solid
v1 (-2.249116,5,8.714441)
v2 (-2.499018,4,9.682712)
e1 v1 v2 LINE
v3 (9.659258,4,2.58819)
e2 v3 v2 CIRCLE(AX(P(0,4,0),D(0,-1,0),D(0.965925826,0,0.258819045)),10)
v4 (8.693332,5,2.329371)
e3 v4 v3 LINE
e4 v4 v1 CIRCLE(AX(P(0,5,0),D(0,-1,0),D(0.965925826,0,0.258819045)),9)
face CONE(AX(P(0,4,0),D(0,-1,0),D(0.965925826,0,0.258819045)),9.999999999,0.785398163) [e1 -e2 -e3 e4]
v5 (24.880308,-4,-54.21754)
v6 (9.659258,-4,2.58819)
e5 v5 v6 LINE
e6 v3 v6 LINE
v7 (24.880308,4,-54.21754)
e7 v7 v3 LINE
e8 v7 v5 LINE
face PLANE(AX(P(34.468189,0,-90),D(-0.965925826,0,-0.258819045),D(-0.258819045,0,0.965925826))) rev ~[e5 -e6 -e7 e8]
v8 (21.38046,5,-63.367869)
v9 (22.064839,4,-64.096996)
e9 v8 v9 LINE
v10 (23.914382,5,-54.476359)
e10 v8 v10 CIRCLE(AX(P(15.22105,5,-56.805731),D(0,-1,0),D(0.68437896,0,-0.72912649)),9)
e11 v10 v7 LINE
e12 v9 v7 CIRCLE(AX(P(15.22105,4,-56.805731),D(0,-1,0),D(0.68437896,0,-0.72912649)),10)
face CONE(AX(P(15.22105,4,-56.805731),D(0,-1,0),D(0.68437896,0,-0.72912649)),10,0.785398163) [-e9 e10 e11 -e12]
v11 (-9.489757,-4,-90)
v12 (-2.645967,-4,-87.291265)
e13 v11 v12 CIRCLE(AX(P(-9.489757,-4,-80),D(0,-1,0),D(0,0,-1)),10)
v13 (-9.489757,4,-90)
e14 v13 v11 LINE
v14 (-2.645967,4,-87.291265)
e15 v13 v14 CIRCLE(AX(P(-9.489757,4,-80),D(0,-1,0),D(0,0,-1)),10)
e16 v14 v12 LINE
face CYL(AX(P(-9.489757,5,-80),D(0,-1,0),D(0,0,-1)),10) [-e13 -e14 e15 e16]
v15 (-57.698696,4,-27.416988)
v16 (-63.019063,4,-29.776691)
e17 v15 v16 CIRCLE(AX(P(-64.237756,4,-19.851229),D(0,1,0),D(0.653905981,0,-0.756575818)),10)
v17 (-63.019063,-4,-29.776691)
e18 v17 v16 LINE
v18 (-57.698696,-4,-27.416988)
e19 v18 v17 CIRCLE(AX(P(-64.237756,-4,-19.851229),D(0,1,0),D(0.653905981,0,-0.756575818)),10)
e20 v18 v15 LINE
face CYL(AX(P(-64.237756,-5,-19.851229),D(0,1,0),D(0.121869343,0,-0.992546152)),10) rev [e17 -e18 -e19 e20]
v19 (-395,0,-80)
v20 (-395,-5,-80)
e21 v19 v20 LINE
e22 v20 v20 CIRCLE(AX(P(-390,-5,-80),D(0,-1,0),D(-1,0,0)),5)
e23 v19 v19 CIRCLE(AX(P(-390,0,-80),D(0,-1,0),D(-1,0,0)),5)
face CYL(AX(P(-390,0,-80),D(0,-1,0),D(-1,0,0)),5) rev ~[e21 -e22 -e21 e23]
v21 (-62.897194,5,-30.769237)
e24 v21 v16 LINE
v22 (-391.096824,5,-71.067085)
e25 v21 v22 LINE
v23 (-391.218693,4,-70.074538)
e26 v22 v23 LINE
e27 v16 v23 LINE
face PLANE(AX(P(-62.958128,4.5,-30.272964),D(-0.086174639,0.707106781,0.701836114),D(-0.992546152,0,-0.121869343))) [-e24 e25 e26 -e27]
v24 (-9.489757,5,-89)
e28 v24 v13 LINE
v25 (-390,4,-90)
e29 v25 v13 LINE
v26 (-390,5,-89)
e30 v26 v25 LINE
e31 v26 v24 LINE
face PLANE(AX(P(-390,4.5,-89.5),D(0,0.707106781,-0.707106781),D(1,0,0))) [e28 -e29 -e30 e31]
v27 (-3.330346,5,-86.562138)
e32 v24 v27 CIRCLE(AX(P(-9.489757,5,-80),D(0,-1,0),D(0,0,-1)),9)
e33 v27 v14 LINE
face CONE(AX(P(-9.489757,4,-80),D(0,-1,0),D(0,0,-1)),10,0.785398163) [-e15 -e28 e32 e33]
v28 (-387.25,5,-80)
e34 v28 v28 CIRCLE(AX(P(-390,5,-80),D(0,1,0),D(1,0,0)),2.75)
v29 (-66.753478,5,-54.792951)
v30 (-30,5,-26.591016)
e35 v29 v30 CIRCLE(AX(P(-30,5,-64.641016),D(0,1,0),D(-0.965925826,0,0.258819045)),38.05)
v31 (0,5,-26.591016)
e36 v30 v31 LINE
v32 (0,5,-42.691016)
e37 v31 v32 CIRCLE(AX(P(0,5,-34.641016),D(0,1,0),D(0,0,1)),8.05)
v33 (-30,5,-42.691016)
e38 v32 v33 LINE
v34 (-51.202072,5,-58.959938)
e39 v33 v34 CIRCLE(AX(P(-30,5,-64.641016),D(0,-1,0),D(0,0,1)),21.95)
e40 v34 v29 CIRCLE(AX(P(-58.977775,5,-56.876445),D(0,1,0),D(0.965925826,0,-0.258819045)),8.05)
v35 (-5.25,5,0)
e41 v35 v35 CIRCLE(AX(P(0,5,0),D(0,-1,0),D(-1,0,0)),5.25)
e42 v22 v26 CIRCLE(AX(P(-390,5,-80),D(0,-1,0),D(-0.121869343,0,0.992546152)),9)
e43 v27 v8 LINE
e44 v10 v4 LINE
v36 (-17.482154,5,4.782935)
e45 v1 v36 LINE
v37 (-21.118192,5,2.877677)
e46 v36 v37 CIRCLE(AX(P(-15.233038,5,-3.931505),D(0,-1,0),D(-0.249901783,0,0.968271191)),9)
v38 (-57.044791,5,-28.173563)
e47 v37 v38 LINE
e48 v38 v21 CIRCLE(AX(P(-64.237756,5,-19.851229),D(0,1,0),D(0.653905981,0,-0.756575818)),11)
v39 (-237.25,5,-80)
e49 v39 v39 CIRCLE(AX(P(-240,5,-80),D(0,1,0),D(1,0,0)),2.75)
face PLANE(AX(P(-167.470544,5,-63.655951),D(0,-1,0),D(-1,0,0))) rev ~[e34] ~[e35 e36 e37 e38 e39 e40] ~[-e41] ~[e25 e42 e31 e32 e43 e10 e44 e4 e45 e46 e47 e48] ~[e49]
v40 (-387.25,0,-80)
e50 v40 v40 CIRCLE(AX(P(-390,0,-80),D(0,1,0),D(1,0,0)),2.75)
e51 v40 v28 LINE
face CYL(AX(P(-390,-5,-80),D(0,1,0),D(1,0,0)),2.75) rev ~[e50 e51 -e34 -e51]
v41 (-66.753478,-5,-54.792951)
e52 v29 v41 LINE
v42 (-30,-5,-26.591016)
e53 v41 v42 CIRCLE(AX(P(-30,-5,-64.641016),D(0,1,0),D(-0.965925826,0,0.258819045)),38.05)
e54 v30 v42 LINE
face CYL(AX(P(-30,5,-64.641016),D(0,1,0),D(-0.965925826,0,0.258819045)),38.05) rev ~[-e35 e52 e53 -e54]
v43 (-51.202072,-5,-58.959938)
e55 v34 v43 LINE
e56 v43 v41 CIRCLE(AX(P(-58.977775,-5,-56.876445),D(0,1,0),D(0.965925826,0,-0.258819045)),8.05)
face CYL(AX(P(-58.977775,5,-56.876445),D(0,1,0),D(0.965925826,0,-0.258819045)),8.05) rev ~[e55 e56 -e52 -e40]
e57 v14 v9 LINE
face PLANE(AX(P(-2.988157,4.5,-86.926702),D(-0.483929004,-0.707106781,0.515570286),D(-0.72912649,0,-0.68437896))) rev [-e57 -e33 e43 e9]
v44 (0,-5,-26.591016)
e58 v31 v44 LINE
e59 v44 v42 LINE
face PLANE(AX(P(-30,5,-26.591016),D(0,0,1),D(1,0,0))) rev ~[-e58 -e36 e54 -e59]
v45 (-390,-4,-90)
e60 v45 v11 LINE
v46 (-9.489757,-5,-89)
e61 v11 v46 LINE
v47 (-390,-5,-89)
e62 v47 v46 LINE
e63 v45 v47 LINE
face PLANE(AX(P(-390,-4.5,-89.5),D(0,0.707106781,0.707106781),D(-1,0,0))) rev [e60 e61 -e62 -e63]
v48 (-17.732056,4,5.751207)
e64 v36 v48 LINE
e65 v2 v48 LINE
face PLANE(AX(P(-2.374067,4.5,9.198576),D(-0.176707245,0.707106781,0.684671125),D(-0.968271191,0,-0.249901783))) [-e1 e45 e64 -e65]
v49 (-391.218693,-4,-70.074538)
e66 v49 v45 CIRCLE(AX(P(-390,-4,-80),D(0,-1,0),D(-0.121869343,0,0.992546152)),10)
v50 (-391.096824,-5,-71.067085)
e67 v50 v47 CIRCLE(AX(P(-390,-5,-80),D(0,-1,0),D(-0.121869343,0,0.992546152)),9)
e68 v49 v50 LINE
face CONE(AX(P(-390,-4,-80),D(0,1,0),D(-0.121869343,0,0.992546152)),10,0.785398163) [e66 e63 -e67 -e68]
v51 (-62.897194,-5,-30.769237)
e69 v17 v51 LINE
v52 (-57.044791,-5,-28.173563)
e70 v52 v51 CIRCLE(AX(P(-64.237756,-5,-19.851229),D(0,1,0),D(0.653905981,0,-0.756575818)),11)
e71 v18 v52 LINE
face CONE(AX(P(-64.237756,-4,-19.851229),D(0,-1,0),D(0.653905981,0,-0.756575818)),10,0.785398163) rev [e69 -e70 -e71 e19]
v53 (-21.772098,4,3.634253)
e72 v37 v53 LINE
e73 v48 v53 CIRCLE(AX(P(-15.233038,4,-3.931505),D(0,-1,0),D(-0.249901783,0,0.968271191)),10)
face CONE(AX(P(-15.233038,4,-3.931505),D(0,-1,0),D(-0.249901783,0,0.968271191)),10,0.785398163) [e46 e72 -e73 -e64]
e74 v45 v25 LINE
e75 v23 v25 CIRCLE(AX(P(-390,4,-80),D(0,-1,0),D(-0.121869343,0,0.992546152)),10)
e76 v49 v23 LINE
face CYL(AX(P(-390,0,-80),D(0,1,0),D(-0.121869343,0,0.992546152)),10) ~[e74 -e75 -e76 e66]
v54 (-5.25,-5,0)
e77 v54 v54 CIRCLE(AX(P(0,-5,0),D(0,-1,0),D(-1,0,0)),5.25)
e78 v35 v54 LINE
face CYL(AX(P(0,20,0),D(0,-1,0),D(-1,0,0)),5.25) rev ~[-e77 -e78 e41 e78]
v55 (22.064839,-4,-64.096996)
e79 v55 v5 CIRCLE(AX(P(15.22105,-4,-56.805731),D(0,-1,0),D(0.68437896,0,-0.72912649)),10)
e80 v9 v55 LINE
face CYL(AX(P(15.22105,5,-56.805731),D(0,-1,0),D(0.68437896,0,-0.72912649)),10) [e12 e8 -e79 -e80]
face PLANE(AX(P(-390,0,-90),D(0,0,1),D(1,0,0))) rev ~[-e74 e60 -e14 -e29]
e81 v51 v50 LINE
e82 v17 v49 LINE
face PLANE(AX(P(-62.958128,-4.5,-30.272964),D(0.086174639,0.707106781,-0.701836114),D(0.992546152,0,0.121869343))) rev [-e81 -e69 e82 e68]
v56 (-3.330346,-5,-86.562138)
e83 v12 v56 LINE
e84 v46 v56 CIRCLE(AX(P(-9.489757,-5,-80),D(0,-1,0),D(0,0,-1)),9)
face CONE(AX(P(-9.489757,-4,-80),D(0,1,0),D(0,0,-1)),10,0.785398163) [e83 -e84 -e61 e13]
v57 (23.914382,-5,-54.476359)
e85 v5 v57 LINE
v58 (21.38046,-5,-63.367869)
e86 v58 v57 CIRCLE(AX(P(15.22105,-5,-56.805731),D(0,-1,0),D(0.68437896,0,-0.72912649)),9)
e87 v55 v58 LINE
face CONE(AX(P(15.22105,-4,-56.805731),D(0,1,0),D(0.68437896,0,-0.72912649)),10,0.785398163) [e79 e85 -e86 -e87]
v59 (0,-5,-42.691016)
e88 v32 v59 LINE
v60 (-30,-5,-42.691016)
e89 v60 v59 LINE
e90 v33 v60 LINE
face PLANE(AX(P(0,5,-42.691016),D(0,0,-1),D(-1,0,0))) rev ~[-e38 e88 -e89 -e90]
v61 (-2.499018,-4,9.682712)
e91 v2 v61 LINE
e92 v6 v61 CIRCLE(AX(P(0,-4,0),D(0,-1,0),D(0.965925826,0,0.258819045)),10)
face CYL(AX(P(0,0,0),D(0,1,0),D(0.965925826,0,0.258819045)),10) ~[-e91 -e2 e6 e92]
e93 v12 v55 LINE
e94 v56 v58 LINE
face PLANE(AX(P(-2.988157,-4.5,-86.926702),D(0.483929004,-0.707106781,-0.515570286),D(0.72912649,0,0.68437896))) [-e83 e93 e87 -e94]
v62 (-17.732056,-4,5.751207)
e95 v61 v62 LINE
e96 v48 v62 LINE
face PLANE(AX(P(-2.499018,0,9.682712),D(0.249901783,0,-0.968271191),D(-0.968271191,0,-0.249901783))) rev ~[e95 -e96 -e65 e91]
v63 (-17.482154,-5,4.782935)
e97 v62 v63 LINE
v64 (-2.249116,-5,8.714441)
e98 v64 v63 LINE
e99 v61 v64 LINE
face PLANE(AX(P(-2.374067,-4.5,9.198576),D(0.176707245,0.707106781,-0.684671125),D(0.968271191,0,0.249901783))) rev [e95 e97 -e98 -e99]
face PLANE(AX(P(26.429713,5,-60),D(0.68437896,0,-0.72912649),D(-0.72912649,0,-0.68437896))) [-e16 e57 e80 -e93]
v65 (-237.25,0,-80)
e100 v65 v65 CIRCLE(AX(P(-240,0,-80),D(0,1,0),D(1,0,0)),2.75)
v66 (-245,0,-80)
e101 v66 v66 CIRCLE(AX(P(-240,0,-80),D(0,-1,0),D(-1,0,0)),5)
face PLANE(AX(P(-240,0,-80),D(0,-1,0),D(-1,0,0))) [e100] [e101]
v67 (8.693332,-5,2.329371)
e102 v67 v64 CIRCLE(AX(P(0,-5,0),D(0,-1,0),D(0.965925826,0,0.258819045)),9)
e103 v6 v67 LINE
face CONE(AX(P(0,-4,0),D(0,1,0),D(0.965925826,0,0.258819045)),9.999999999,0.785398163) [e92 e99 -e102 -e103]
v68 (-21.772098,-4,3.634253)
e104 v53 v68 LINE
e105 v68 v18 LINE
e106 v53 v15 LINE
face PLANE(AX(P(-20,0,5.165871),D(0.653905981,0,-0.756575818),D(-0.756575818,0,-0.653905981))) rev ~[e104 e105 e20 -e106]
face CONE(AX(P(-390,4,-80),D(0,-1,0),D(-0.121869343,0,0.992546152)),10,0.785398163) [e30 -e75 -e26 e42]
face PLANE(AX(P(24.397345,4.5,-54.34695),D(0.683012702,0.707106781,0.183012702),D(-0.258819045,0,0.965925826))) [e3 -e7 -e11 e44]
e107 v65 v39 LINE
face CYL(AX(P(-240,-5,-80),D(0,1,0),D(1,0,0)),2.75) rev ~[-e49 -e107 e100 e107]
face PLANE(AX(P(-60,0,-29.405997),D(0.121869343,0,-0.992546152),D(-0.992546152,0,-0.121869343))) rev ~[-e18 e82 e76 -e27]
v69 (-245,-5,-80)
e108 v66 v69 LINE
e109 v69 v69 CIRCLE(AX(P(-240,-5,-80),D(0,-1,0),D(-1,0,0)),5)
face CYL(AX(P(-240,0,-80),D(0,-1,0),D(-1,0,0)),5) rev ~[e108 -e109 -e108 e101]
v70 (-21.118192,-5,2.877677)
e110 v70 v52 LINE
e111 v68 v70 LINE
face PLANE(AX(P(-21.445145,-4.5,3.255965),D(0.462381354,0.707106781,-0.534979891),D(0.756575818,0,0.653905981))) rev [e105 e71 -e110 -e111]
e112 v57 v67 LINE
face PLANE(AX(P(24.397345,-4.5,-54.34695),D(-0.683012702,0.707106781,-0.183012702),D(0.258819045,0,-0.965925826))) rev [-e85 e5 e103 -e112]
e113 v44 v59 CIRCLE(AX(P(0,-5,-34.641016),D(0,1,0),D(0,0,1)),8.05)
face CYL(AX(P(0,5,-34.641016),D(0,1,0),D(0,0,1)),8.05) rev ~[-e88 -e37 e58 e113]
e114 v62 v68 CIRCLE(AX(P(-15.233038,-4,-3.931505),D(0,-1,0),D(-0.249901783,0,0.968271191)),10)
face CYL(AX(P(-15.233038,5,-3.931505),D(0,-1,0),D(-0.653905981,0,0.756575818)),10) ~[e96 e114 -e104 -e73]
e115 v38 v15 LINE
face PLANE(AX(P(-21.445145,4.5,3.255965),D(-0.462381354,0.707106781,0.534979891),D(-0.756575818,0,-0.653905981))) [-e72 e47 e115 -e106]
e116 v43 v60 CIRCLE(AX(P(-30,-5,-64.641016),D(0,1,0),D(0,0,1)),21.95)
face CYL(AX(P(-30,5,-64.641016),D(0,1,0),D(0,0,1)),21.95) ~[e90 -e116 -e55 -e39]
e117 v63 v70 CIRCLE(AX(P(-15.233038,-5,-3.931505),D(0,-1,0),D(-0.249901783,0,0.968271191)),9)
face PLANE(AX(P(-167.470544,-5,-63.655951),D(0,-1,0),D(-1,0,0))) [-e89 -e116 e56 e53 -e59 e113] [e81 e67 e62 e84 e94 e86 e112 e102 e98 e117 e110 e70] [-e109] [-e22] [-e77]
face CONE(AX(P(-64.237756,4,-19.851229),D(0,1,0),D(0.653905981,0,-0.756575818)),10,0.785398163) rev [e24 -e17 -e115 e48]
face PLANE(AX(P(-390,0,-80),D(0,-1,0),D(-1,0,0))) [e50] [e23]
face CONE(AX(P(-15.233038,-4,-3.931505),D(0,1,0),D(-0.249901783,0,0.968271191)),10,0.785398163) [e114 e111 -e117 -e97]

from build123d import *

# Parameters (mm, degrees)
BOSS_EXTRUDE1_DEPTH              = 5
SLOT_DEPTH                       = 11
F_10_5_10_5_DIAMETER_HOLE1_D     = 10.5
F_10_5_10_5_DIAMETER_HOLE1_DEPTH = 15
F_10_5_10_5_DIAMETER_HOLE1_TIP   = 3.15451825
CBORE_FOR_M5_SHCS2_D             = 5.5
CBORE_FOR_M5_SHCS2_DEPTH         = 21.6
CBORE_FOR_M5_SHCS2_CBORE_D       = 10
CBORE_FOR_M5_SHCS2_CBORE_DEPTH   = 5
CBORE_FOR_M5_SHCS2_TIP           = 1.652366702
CUT_EXTRUDE3_DEPTH               = 11
FILLET1_R                        = 10
CHAMFER1_SIZE                    = 1


with BuildPart() as part:
    # Sketch1 → Boss-Extrude1 (new body, symmetric)
    with BuildSketch(Plane(origin=(0, 0, 0), x_dir=(1, 0, 0), z_dir=(0, 1, 0))):
        with BuildLine():
            Line((-390, 90), (34.468189123, 90))
            Line((34.468189123, 90), (9.659258263, -2.588190451))
            ThreePointArc((9.659258263, -2.588190451), (5.03987296, -8.63711066), (-2.499017827, -9.682711908))
            Line((-2.499017827, -9.682711908), (-20, -5.16587129))
            Line((-20, -5.16587129), (-60, 29.405996647))
            Line((-60, 29.405996647), (-391.218693434, 70.074538484))
            ThreePointArc((-391.218693434, 70.074538484), (-399.981347984, 80.610485395), (-390, 90))
        make_face()
    extrude(amount=BOSS_EXTRUDE1_DEPTH, both=True)

    # Sketch4 → Slot (cut, through all)
    with BuildSketch(Plane(origin=(0, 5, 0), x_dir=(1, 0, 0), z_dir=(0, 1, 0))):
        with BuildLine():
            Line((-30, 26.591016), (0, 26.591016))
            ThreePointArc((0, 26.591016), (8.05, 34.641016), (0, 42.691016))
            Line((0, 42.691016), (-30, 42.691016))
            ThreePointArc((-30, 42.691016), (-43.362313367, 47.226910181), (-51.202071887, 58.95993796))
            ThreePointArc((-51.202071887, 58.95993796), (-61.061268102, 64.652147549), (-66.75347769, 54.792951334))
            ThreePointArc((-66.75347769, 54.792951334), (-53.163372374, 34.453921402), (-30, 26.591016))
        make_face()
    extrude(amount=-SLOT_DEPTH, mode=Mode.SUBTRACT)

    # Ø10.5 (10.5) Diameter Hole1
    with Locations(Plane(origin=(0, 5, 0), x_dir=(1, 0, 0), z_dir=(0, 1, 0))):
        with Locations((0, 0)):
            Hole(F_10_5_10_5_DIAMETER_HOLE1_D / 2, depth=F_10_5_10_5_DIAMETER_HOLE1_DEPTH)
            with Locations((0, 0, -(F_10_5_10_5_DIAMETER_HOLE1_DEPTH + F_10_5_10_5_DIAMETER_HOLE1_TIP / 2))):  # 118° drill point
                Cone(0, F_10_5_10_5_DIAMETER_HOLE1_D / 2, F_10_5_10_5_DIAMETER_HOLE1_TIP, mode=Mode.SUBTRACT)

    # CBORE for M5 SHCS2
    with Locations(Plane(origin=(0, -5, 0), x_dir=(-1, 0, 0), z_dir=(0, -1, 0))):
        with Locations((390, 80), (240, 80)):
            CounterBoreHole(CBORE_FOR_M5_SHCS2_D / 2, CBORE_FOR_M5_SHCS2_CBORE_D / 2, CBORE_FOR_M5_SHCS2_CBORE_DEPTH, depth=CBORE_FOR_M5_SHCS2_DEPTH)
            with Locations((0, 0, -(CBORE_FOR_M5_SHCS2_DEPTH + CBORE_FOR_M5_SHCS2_TIP / 2))):  # 118° drill point
                Cone(0, CBORE_FOR_M5_SHCS2_D / 2, CBORE_FOR_M5_SHCS2_TIP, mode=Mode.SUBTRACT)

    # Sketch13 → Cut-Extrude3 (cut, through all)
    with BuildSketch(Plane(origin=(0, 5, 0), x_dir=(1, 0, 0), z_dir=(0, 1, 0))):
        Polygon((-5.531810877, 90), (34.468189123, 90), (26.42971335, 60), align=None)
    extrude(amount=-CUT_EXTRUDE3_DEPTH, mode=Mode.SUBTRACT)

    # Fillet1
    fillet1_edges = [part.edges().sort_by_distance(p)[0] for p in [
        (-20, 0, 5.16587129),
        (-60, 0, -29.405996647),
        (26.42971335, 0, -60),
        (-5.531810877, 0, -90),
    ]]
    fillet(fillet1_edges, radius=FILLET1_R)

    # Chamfer1
    chamfer1_edges = [part.edges().sort_by_distance(p)[0] for p in [
        (-399.981347984, -5, -80.610485395),
        (5.03987296, 5, 8.63711066),
        (17.26978309, 5, -25.814674877),
        (-399.981347984, 5, -80.610485395),
        (9.709435896, 5, -75.694130232),
        (9.709435896, -5, -75.694130232),
        (-199.744878532, 5, -90),
        (-39.735397279, 5, -11.891367421),
        (17.26978309, -5, -25.814674877),
        (-10.11553696, 5, 7.716959206),
        (-19.874383451, 5, 4.92614185),
        (24.83814676, 5, -59.546431893),
        (-5.80958377, 5, -89.298189314),
        (-199.744878532, -5, -90),
        (-10.11553696, -5, 7.716959206),
        (5.03987296, -5, 8.63711066),
        (-39.735397279, -5, -11.891367421),
        (-19.874383451, -5, 4.92614185),
        (24.83814676, -5, -59.546431893),
        (-5.80958377, -5, -89.298189314),
        (-60.183408772, -5, -28.992469299),
        (-227.118878147, 5, -49.925614719),
        (-60.183408772, 5, -28.992469299),
        (-227.118878147, -5, -49.925614719),
    ]]
    chamfer(chamfer1_edges, length=CHAMFER1_SIZE)


solid = part.part
